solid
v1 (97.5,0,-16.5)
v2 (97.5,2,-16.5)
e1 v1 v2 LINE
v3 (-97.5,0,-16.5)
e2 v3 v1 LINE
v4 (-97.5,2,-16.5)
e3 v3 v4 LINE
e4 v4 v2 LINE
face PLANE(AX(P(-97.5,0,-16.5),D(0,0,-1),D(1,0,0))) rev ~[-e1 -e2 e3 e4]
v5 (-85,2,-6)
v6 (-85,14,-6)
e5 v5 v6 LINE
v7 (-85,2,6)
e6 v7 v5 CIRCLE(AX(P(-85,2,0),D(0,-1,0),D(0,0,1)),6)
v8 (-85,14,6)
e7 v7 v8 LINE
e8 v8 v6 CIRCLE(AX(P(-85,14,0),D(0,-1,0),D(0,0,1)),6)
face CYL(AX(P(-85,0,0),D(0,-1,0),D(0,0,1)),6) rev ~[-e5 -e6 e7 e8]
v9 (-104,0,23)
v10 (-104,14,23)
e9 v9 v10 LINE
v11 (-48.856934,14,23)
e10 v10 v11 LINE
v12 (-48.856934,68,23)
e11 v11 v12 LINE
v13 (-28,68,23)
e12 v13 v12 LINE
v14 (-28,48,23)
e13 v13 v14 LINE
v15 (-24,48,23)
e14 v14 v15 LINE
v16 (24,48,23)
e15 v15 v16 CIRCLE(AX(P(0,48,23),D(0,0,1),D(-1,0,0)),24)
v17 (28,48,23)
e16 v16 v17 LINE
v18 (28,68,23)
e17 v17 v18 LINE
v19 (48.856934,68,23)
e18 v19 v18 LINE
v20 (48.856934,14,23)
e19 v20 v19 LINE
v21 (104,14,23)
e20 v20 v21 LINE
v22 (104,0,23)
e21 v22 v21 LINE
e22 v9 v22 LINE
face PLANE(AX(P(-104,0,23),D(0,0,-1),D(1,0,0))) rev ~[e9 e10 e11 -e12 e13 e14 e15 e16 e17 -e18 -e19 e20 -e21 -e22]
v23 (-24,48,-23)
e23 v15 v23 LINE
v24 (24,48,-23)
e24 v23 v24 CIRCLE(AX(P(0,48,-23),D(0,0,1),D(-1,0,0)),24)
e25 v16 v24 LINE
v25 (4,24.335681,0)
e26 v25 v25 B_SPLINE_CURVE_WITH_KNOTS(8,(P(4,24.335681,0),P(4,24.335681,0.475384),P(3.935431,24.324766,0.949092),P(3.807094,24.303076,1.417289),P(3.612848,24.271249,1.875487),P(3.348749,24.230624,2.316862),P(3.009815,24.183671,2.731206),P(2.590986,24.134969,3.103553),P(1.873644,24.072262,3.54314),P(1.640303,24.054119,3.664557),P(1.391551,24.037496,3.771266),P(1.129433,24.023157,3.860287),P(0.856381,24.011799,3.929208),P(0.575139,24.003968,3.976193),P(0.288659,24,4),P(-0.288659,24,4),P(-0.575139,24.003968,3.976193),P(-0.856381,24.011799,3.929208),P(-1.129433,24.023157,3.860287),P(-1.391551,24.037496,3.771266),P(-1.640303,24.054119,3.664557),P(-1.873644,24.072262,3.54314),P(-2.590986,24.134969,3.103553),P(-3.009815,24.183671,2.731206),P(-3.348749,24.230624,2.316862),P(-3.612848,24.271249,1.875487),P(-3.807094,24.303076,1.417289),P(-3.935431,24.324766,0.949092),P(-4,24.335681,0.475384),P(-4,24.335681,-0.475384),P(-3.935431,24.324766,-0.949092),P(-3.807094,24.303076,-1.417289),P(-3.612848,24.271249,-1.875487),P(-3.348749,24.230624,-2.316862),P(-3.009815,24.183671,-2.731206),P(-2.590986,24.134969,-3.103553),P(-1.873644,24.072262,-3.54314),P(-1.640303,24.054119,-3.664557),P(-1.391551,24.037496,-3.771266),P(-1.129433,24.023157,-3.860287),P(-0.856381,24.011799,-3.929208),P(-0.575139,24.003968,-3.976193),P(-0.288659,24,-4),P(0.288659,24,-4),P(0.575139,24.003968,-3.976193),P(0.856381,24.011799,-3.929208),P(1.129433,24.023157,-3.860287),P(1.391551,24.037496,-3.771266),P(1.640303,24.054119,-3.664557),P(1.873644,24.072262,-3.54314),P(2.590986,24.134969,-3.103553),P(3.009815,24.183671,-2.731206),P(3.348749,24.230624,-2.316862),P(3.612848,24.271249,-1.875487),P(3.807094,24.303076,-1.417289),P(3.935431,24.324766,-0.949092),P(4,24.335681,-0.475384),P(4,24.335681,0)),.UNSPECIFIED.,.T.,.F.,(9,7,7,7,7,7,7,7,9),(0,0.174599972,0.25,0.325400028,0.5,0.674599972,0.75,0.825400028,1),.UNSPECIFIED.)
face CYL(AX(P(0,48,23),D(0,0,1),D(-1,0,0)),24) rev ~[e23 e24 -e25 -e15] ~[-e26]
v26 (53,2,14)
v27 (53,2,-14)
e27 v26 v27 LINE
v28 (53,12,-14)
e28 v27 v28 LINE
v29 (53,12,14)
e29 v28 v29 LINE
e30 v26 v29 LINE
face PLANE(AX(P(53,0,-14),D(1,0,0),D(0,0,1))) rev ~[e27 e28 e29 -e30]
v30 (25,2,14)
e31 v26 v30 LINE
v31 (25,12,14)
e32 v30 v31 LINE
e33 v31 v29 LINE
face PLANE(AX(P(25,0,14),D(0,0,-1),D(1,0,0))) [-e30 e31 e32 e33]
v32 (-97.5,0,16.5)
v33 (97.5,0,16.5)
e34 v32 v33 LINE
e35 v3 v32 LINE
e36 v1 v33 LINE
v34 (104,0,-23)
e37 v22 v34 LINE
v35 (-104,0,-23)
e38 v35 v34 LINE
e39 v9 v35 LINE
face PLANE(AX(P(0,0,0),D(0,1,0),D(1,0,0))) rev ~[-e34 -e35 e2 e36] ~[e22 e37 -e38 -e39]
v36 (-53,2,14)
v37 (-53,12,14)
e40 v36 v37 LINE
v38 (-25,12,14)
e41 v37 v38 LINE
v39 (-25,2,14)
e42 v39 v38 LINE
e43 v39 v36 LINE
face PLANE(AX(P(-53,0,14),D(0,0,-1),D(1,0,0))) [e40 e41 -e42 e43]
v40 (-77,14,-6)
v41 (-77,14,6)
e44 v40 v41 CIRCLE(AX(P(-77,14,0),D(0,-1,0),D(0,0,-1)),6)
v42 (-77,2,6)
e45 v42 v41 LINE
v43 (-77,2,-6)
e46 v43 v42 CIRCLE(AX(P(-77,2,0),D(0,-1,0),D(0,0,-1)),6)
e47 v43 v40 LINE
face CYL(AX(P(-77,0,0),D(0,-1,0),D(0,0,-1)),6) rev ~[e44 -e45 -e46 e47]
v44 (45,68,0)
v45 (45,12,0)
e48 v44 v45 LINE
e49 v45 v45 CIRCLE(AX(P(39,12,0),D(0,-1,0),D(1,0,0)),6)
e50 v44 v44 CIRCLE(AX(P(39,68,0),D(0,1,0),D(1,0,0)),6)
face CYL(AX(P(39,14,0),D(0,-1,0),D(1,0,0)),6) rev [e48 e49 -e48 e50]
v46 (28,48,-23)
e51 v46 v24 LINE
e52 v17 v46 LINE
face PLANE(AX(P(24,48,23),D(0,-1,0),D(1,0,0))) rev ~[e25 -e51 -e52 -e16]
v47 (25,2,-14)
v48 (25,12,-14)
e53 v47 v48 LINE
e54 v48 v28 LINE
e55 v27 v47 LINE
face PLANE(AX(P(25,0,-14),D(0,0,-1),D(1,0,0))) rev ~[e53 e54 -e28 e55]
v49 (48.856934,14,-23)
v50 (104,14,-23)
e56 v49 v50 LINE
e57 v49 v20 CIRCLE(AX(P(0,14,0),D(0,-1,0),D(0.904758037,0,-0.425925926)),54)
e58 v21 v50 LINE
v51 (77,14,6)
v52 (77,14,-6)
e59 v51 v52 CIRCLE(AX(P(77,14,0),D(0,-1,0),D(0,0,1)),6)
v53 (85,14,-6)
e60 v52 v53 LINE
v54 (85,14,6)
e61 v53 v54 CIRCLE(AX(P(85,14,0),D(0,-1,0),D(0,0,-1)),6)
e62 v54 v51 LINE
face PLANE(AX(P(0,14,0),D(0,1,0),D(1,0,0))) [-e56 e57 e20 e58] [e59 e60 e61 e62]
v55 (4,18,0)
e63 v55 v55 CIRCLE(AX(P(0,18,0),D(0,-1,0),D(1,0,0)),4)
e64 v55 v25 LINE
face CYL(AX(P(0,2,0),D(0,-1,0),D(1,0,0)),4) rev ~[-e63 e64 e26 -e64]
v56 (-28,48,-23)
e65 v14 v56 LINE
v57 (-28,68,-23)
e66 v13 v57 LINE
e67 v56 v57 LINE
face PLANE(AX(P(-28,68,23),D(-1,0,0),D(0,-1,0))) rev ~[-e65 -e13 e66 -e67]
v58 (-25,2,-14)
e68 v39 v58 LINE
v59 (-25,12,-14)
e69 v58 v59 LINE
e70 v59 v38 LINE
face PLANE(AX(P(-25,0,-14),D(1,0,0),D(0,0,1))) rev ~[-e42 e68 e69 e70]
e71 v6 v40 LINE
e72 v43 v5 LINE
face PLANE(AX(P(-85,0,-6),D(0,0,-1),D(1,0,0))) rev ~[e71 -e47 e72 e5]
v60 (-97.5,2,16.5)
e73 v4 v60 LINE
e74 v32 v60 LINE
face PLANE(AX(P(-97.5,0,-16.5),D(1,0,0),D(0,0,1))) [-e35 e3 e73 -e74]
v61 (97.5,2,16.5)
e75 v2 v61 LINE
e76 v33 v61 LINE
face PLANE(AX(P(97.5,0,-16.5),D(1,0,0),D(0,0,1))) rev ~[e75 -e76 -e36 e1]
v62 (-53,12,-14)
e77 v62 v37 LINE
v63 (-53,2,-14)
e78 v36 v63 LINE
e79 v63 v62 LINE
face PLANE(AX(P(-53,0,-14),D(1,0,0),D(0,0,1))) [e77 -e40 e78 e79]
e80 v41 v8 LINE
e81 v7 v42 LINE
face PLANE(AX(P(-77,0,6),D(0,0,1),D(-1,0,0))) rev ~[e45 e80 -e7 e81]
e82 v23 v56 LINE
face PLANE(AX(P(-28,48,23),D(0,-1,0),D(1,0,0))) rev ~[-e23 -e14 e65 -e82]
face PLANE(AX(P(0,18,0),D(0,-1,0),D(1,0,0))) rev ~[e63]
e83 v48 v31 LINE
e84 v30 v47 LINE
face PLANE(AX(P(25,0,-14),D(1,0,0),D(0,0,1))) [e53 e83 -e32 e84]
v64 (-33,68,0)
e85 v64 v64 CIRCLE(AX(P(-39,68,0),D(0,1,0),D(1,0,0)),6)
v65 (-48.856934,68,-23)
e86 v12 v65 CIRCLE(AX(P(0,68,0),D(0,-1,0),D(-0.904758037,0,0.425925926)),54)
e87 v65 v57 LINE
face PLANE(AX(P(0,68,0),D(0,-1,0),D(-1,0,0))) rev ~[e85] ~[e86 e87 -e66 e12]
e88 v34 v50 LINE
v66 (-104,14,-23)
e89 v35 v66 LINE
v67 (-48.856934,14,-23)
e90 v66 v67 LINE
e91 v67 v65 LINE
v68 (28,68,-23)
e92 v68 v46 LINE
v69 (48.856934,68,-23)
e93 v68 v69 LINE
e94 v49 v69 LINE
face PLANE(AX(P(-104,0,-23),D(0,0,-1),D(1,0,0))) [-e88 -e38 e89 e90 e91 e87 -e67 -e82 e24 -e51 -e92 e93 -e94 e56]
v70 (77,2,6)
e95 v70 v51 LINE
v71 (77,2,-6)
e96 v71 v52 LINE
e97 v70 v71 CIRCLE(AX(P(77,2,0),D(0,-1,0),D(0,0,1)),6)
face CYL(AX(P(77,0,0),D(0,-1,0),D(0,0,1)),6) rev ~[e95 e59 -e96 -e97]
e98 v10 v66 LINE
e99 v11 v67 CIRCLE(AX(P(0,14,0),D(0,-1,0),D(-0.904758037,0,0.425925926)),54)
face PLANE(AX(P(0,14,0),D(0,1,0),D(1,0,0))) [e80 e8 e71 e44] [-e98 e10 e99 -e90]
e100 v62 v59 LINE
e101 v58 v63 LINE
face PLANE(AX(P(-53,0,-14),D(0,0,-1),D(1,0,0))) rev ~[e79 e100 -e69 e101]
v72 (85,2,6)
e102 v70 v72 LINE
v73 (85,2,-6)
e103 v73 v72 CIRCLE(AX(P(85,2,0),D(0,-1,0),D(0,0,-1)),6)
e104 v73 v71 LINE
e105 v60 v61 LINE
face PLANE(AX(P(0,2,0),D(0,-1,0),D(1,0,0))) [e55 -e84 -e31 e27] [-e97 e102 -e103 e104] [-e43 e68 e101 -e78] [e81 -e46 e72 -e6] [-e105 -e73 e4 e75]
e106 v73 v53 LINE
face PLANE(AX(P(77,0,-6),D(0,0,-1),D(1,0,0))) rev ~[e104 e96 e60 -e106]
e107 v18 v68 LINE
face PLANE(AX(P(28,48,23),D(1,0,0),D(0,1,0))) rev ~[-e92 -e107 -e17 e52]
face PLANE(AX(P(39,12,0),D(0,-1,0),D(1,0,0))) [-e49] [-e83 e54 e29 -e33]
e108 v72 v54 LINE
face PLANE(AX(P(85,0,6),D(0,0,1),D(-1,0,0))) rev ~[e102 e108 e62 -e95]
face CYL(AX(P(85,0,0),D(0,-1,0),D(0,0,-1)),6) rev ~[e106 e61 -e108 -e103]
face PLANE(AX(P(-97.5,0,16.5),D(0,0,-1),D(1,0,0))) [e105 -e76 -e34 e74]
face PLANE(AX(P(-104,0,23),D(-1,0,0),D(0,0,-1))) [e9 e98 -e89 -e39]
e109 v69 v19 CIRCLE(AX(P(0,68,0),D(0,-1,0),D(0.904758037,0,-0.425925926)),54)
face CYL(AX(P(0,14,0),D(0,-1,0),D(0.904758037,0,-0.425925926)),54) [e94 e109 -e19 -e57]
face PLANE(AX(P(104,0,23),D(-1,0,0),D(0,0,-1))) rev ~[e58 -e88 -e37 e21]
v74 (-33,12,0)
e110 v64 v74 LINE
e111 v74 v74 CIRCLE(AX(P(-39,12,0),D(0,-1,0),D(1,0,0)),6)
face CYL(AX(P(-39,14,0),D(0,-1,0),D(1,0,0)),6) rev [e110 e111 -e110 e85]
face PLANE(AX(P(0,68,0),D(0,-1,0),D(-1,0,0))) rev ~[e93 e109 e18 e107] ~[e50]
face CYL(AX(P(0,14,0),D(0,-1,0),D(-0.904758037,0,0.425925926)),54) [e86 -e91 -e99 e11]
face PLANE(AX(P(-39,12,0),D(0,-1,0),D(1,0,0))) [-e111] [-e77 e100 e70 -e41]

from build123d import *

# Parameters (mm, degrees)
SKETCH1_W           = 208
SKETCH1_H           = 46
BOSS_EXTRUDE1_DEPTH = 14
SKETCH2_R           = 6
BOSS_EXTRUDE2_DEPTH = 54
SKETCH3_W           = 28
SKETCH3_H           = 28
CUT_EXTRUDE1_DEPTH  = 12
CUT_EXTRUDE2_START  = -12
SKETCH4_R           = 6
CUT_EXTRUDE2_DEPTH  = 12
SKETCH5_W           = 195
SKETCH5_H           = 33
CUT_EXTRUDE3_DEPTH  = 2
CUT_EXTRUDE4_DEPTH  = 133.4990566
SKETCH8_R           = 4
CUT_EXTRUDE7_DEPTH  = 126.303631232
SKETCH8_2_R         = 4
BOSS_EXTRUDE3_DEPTH = 16


with BuildPart() as part:
    # Sketch1 → Boss-Extrude1 (new body)
    with BuildSketch(Plane(origin=(0, 0, 0), x_dir=(1, 0, 0), z_dir=(0, 1, 0))):
        Rectangle(SKETCH1_W, SKETCH1_H)
        with BuildLine():
            Line((-85, 6), (-77, 6))
            ThreePointArc((-77, 6), (-71, 0), (-77, -6))
            Line((-77, -6), (-85, -6))
            ThreePointArc((-85, -6), (-91, 0), (-85, 6))
        make_face(mode=Mode.SUBTRACT)
        with BuildLine():
            Line((85, -6), (77, -6))
            ThreePointArc((77, -6), (71, 0), (77, 6))
            Line((77, 6), (85, 6))
            ThreePointArc((85, 6), (91, 0), (85, -6))
        make_face(mode=Mode.SUBTRACT)
    extrude(amount=BOSS_EXTRUDE1_DEPTH)

    # Sketch2 → Boss-Extrude2 (add)
    with BuildSketch(Plane(origin=(0, 14, 0), x_dir=(1, 0, 0), z_dir=(0, 1, 0))):
        with BuildLine():
            Line((-48.856934001, 23), (48.856934001, 23))
            ThreePointArc((48.856934001, 23), (54, 0), (48.856934001, -23))
            Line((48.856934001, -23), (-48.856934001, -23))
            ThreePointArc((-48.856934001, -23), (-54, 0), (-48.856934001, 23))
        make_face()
        with Locations((-39, 0)):
            Circle(SKETCH2_R, mode=Mode.SUBTRACT)
        with Locations((39, 0)):
            Circle(SKETCH2_R, mode=Mode.SUBTRACT)
    extrude(amount=BOSS_EXTRUDE2_DEPTH)

    # Sketch3 → Cut-Extrude1 (cut)
    with BuildSketch(Plane.XZ):
        with Locations((-39, 0)):
            Rectangle(SKETCH3_W, SKETCH3_H)
        with Locations((39, 0)):
            Rectangle(SKETCH3_W, SKETCH3_H)
    extrude(amount=-CUT_EXTRUDE1_DEPTH, mode=Mode.SUBTRACT)

    # Sketch4 → Cut-Extrude2 (cut)
    with BuildSketch(Plane(origin=(0, 14, 0), x_dir=(1, 0, 0), z_dir=(0, 1, 0)).offset(CUT_EXTRUDE2_START)):
        with Locations((39, 0)):
            Circle(SKETCH4_R)
        with Locations((-39, 0)):
            Circle(SKETCH4_R)
    extrude(amount=CUT_EXTRUDE2_DEPTH, mode=Mode.SUBTRACT)

    # Sketch5 → Cut-Extrude3 (cut)
    with BuildSketch(Plane.XZ):
        Rectangle(SKETCH5_W, SKETCH5_H)
    extrude(amount=-CUT_EXTRUDE3_DEPTH, mode=Mode.SUBTRACT)

    # Sketch6 → Cut-Extrude4 (cut, through all)
    with BuildSketch(Plane.XY.offset(23)):
        with BuildLine():
            Line((-28, 68), (-28, 48))
            Line((-28, 48), (-24, 48))
            ThreePointArc((-24, 48), (0, 24), (24, 48))
            Line((24, 48), (28, 48))
            Line((28, 48), (28, 68))
            Line((28, 68), (-28, 68))
        make_face()
    extrude(amount=-CUT_EXTRUDE4_DEPTH, mode=Mode.SUBTRACT)

    # Sketch8 → Cut-Extrude7 (cut, through all)
    with BuildSketch(Plane.XZ.offset(-2)):
        Circle(SKETCH8_R)
    extrude(amount=-CUT_EXTRUDE7_DEPTH, mode=Mode.SUBTRACT)

    # Sketch8<2> → Boss-Extrude3 (add)
    with BuildSketch(Plane.XZ.offset(-2)):
        Circle(SKETCH8_2_R)
    extrude(amount=-BOSS_EXTRUDE3_DEPTH)


solid = part.part
